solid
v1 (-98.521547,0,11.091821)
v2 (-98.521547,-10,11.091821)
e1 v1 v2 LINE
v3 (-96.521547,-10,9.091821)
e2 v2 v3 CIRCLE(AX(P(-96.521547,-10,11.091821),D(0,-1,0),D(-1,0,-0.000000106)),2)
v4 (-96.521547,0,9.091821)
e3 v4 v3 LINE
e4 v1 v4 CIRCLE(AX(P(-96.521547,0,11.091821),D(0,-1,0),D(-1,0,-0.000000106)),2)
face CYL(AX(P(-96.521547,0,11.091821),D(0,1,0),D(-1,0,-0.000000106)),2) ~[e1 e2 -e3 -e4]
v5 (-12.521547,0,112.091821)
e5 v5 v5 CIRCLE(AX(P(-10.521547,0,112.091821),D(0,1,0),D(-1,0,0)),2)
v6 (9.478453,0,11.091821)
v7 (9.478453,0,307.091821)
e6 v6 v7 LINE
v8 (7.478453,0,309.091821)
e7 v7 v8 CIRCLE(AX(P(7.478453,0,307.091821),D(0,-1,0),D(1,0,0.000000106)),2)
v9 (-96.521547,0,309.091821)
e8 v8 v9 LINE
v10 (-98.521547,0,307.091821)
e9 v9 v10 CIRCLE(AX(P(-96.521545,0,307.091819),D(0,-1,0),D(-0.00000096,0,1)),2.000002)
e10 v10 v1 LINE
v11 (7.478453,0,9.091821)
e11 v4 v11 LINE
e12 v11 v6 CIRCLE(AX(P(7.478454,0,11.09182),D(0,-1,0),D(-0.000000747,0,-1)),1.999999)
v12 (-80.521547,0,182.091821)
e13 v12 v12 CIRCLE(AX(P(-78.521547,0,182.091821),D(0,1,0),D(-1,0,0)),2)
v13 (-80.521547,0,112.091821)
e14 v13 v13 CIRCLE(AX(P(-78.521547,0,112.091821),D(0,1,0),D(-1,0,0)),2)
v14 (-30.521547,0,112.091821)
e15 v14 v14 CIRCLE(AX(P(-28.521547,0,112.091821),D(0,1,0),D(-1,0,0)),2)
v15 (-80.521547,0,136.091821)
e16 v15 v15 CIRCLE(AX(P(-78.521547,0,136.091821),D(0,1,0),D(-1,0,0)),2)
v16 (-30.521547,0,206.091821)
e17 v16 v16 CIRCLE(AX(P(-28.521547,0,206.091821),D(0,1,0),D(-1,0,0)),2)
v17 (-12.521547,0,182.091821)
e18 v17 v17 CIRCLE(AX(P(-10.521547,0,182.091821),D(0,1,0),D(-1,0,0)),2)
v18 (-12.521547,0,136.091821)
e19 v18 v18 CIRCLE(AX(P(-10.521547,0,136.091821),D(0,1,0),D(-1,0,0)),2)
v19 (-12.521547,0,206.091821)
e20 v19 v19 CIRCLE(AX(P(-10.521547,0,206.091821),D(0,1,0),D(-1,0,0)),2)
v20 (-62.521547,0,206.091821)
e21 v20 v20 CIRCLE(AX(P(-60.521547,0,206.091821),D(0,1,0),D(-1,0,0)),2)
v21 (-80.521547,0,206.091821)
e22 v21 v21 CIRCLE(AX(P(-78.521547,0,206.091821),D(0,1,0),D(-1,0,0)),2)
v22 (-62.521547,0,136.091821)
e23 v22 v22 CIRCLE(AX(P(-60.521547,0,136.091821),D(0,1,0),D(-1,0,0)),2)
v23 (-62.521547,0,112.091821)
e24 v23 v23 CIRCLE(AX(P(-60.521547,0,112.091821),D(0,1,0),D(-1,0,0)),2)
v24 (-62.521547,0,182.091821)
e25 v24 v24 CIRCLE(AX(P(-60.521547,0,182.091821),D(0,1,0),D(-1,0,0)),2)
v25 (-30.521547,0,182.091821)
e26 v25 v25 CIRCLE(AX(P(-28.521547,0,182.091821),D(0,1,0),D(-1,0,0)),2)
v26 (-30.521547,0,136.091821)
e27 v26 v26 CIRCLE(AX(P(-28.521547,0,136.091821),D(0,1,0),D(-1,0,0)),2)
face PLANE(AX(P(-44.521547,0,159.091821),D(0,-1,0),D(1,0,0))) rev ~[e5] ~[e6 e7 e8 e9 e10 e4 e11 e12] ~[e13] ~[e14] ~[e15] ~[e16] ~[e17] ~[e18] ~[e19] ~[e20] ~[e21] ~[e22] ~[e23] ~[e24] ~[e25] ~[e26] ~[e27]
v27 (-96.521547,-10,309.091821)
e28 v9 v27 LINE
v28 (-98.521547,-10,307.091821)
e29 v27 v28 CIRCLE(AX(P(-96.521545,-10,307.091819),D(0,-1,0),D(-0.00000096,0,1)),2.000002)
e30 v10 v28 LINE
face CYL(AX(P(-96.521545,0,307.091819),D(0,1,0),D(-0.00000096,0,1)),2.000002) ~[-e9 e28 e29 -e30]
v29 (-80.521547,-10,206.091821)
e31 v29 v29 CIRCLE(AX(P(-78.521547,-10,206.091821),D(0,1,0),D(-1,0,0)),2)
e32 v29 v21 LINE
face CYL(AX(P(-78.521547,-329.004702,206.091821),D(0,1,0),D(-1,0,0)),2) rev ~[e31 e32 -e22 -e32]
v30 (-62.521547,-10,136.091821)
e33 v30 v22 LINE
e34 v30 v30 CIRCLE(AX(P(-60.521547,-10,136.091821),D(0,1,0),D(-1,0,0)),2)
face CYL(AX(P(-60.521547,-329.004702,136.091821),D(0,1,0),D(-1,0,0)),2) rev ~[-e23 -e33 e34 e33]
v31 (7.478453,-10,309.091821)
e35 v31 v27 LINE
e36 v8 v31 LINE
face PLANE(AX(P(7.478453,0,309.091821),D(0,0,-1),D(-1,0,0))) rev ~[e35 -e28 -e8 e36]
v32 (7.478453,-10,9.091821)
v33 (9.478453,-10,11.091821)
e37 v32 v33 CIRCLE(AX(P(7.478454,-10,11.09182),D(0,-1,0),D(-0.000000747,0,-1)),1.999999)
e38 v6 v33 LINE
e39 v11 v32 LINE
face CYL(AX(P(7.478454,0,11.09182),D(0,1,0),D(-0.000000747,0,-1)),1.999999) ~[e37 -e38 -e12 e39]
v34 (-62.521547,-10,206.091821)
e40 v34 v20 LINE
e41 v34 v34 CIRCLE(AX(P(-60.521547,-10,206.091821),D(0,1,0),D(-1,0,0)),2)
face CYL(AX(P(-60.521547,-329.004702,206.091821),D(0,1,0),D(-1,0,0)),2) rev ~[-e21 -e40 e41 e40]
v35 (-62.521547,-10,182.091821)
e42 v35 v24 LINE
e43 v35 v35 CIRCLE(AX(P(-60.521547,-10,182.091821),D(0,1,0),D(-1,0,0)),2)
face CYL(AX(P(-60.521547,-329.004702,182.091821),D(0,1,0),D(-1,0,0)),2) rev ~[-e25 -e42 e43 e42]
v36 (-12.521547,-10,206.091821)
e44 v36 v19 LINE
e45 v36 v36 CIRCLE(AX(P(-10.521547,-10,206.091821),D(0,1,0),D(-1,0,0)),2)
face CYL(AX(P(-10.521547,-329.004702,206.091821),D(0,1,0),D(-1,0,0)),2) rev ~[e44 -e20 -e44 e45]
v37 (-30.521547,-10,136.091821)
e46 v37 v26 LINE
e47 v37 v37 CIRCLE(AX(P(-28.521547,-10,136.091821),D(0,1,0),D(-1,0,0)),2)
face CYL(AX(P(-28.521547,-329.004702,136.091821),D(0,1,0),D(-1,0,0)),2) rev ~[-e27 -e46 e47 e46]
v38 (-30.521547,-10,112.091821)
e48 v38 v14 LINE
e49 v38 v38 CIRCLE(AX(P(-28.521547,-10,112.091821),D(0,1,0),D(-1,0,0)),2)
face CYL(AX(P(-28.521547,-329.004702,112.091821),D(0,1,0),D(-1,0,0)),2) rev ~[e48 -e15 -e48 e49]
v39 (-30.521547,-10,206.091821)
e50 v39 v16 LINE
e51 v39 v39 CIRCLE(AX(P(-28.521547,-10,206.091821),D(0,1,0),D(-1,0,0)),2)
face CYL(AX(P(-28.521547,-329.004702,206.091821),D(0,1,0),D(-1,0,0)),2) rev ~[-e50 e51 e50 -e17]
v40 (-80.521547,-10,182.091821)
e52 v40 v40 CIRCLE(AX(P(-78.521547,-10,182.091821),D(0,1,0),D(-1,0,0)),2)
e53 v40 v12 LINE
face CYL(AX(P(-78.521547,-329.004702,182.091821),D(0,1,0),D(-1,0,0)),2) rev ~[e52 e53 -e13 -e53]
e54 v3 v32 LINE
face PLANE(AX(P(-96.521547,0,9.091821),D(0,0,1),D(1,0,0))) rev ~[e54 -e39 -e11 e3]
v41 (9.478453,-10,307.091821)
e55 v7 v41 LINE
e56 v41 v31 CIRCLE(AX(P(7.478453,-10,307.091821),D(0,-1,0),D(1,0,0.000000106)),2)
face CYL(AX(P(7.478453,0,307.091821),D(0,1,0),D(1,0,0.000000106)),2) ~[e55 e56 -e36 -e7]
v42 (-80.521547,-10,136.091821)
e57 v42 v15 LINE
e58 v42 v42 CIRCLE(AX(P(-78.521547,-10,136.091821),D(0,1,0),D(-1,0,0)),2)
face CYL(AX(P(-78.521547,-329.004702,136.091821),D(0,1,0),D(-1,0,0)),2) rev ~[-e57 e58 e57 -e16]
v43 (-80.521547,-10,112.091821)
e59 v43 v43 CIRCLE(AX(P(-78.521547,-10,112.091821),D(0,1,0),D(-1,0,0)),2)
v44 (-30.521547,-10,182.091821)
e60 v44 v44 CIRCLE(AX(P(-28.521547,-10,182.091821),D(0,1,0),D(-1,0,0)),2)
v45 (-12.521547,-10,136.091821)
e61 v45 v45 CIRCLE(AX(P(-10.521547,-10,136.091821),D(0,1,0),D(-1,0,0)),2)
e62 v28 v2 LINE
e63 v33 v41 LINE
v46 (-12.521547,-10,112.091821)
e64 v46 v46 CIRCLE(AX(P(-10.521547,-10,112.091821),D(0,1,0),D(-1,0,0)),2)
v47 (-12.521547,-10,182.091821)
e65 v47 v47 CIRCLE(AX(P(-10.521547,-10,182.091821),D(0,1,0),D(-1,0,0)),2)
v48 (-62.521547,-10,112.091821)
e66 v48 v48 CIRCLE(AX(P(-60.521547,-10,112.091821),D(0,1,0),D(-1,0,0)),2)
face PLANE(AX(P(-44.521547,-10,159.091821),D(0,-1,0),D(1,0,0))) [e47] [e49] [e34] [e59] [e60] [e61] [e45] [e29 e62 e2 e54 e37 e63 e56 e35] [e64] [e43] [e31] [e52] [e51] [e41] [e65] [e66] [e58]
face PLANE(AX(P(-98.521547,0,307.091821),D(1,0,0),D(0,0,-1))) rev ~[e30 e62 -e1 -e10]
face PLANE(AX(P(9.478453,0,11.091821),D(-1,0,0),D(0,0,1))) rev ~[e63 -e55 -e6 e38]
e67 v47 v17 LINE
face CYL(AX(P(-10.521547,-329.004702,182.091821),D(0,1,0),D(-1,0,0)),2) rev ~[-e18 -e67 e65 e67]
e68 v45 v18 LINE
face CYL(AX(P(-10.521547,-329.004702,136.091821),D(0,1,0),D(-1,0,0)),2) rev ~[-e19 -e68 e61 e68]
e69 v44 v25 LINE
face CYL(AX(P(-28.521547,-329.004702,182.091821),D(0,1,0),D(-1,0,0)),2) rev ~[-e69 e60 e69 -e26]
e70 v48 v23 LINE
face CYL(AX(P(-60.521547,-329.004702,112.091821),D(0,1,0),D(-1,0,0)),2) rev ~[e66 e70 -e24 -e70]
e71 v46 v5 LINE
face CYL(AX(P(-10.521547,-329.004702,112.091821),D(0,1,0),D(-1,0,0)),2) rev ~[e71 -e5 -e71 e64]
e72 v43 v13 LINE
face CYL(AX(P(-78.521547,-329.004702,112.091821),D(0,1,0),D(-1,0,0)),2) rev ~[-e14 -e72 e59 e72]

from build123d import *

# Parameters (mm, degrees)
F1_DEPTH = 10
F3_D     = 4


with BuildPart() as f1:
    # F0 (on Front) → F1 (new body)
    with BuildSketch(Plane.XZ):
        with BuildLine():
            Line((7.478453, 309.091821), (-96.521547, 309.091821))
            ThreePointArc((-96.521547, 309.091821), (-97.93576, 308.506034), (-98.521547, 307.091821))
            Line((-98.521547, 307.091821), (-98.521547, 11.091821))
            ThreePointArc((-98.521547, 11.091821), (-97.93576, 9.677607), (-96.521547, 9.091821))
            Line((-96.521547, 9.091821), (7.478453, 9.091821))
            ThreePointArc((7.478453, 9.091821), (8.892667, 9.677607), (9.478453, 11.091821))
            Line((9.478453, 11.091821), (9.478453, 307.091821))
            ThreePointArc((9.478453, 307.091821), (8.892667, 308.506034), (7.478453, 309.091821))
        make_face()
    extrude(amount=F1_DEPTH)

    # F3 (through all)
    with Locations(Plane.XZ.offset(10)):
        with Locations((-78.521547, 206.091821), (-60.521547, 206.091821), (-60.521547, 182.091821), (-78.521547, 182.091821), (-28.521547, 206.091821), (-10.521547, 206.091821), (-10.521547, 182.091821), (-28.521547, 182.091821), (-10.521547, 136.091821), (-10.521547, 112.091821), (-28.521547, 112.091821), (-28.521547, 136.091821), (-60.521547, 136.091821), (-60.521547, 112.091821), (-78.521547, 112.091821), (-78.521547, 136.091821)):
            Hole(F3_D / 2)


solid = f1.part
